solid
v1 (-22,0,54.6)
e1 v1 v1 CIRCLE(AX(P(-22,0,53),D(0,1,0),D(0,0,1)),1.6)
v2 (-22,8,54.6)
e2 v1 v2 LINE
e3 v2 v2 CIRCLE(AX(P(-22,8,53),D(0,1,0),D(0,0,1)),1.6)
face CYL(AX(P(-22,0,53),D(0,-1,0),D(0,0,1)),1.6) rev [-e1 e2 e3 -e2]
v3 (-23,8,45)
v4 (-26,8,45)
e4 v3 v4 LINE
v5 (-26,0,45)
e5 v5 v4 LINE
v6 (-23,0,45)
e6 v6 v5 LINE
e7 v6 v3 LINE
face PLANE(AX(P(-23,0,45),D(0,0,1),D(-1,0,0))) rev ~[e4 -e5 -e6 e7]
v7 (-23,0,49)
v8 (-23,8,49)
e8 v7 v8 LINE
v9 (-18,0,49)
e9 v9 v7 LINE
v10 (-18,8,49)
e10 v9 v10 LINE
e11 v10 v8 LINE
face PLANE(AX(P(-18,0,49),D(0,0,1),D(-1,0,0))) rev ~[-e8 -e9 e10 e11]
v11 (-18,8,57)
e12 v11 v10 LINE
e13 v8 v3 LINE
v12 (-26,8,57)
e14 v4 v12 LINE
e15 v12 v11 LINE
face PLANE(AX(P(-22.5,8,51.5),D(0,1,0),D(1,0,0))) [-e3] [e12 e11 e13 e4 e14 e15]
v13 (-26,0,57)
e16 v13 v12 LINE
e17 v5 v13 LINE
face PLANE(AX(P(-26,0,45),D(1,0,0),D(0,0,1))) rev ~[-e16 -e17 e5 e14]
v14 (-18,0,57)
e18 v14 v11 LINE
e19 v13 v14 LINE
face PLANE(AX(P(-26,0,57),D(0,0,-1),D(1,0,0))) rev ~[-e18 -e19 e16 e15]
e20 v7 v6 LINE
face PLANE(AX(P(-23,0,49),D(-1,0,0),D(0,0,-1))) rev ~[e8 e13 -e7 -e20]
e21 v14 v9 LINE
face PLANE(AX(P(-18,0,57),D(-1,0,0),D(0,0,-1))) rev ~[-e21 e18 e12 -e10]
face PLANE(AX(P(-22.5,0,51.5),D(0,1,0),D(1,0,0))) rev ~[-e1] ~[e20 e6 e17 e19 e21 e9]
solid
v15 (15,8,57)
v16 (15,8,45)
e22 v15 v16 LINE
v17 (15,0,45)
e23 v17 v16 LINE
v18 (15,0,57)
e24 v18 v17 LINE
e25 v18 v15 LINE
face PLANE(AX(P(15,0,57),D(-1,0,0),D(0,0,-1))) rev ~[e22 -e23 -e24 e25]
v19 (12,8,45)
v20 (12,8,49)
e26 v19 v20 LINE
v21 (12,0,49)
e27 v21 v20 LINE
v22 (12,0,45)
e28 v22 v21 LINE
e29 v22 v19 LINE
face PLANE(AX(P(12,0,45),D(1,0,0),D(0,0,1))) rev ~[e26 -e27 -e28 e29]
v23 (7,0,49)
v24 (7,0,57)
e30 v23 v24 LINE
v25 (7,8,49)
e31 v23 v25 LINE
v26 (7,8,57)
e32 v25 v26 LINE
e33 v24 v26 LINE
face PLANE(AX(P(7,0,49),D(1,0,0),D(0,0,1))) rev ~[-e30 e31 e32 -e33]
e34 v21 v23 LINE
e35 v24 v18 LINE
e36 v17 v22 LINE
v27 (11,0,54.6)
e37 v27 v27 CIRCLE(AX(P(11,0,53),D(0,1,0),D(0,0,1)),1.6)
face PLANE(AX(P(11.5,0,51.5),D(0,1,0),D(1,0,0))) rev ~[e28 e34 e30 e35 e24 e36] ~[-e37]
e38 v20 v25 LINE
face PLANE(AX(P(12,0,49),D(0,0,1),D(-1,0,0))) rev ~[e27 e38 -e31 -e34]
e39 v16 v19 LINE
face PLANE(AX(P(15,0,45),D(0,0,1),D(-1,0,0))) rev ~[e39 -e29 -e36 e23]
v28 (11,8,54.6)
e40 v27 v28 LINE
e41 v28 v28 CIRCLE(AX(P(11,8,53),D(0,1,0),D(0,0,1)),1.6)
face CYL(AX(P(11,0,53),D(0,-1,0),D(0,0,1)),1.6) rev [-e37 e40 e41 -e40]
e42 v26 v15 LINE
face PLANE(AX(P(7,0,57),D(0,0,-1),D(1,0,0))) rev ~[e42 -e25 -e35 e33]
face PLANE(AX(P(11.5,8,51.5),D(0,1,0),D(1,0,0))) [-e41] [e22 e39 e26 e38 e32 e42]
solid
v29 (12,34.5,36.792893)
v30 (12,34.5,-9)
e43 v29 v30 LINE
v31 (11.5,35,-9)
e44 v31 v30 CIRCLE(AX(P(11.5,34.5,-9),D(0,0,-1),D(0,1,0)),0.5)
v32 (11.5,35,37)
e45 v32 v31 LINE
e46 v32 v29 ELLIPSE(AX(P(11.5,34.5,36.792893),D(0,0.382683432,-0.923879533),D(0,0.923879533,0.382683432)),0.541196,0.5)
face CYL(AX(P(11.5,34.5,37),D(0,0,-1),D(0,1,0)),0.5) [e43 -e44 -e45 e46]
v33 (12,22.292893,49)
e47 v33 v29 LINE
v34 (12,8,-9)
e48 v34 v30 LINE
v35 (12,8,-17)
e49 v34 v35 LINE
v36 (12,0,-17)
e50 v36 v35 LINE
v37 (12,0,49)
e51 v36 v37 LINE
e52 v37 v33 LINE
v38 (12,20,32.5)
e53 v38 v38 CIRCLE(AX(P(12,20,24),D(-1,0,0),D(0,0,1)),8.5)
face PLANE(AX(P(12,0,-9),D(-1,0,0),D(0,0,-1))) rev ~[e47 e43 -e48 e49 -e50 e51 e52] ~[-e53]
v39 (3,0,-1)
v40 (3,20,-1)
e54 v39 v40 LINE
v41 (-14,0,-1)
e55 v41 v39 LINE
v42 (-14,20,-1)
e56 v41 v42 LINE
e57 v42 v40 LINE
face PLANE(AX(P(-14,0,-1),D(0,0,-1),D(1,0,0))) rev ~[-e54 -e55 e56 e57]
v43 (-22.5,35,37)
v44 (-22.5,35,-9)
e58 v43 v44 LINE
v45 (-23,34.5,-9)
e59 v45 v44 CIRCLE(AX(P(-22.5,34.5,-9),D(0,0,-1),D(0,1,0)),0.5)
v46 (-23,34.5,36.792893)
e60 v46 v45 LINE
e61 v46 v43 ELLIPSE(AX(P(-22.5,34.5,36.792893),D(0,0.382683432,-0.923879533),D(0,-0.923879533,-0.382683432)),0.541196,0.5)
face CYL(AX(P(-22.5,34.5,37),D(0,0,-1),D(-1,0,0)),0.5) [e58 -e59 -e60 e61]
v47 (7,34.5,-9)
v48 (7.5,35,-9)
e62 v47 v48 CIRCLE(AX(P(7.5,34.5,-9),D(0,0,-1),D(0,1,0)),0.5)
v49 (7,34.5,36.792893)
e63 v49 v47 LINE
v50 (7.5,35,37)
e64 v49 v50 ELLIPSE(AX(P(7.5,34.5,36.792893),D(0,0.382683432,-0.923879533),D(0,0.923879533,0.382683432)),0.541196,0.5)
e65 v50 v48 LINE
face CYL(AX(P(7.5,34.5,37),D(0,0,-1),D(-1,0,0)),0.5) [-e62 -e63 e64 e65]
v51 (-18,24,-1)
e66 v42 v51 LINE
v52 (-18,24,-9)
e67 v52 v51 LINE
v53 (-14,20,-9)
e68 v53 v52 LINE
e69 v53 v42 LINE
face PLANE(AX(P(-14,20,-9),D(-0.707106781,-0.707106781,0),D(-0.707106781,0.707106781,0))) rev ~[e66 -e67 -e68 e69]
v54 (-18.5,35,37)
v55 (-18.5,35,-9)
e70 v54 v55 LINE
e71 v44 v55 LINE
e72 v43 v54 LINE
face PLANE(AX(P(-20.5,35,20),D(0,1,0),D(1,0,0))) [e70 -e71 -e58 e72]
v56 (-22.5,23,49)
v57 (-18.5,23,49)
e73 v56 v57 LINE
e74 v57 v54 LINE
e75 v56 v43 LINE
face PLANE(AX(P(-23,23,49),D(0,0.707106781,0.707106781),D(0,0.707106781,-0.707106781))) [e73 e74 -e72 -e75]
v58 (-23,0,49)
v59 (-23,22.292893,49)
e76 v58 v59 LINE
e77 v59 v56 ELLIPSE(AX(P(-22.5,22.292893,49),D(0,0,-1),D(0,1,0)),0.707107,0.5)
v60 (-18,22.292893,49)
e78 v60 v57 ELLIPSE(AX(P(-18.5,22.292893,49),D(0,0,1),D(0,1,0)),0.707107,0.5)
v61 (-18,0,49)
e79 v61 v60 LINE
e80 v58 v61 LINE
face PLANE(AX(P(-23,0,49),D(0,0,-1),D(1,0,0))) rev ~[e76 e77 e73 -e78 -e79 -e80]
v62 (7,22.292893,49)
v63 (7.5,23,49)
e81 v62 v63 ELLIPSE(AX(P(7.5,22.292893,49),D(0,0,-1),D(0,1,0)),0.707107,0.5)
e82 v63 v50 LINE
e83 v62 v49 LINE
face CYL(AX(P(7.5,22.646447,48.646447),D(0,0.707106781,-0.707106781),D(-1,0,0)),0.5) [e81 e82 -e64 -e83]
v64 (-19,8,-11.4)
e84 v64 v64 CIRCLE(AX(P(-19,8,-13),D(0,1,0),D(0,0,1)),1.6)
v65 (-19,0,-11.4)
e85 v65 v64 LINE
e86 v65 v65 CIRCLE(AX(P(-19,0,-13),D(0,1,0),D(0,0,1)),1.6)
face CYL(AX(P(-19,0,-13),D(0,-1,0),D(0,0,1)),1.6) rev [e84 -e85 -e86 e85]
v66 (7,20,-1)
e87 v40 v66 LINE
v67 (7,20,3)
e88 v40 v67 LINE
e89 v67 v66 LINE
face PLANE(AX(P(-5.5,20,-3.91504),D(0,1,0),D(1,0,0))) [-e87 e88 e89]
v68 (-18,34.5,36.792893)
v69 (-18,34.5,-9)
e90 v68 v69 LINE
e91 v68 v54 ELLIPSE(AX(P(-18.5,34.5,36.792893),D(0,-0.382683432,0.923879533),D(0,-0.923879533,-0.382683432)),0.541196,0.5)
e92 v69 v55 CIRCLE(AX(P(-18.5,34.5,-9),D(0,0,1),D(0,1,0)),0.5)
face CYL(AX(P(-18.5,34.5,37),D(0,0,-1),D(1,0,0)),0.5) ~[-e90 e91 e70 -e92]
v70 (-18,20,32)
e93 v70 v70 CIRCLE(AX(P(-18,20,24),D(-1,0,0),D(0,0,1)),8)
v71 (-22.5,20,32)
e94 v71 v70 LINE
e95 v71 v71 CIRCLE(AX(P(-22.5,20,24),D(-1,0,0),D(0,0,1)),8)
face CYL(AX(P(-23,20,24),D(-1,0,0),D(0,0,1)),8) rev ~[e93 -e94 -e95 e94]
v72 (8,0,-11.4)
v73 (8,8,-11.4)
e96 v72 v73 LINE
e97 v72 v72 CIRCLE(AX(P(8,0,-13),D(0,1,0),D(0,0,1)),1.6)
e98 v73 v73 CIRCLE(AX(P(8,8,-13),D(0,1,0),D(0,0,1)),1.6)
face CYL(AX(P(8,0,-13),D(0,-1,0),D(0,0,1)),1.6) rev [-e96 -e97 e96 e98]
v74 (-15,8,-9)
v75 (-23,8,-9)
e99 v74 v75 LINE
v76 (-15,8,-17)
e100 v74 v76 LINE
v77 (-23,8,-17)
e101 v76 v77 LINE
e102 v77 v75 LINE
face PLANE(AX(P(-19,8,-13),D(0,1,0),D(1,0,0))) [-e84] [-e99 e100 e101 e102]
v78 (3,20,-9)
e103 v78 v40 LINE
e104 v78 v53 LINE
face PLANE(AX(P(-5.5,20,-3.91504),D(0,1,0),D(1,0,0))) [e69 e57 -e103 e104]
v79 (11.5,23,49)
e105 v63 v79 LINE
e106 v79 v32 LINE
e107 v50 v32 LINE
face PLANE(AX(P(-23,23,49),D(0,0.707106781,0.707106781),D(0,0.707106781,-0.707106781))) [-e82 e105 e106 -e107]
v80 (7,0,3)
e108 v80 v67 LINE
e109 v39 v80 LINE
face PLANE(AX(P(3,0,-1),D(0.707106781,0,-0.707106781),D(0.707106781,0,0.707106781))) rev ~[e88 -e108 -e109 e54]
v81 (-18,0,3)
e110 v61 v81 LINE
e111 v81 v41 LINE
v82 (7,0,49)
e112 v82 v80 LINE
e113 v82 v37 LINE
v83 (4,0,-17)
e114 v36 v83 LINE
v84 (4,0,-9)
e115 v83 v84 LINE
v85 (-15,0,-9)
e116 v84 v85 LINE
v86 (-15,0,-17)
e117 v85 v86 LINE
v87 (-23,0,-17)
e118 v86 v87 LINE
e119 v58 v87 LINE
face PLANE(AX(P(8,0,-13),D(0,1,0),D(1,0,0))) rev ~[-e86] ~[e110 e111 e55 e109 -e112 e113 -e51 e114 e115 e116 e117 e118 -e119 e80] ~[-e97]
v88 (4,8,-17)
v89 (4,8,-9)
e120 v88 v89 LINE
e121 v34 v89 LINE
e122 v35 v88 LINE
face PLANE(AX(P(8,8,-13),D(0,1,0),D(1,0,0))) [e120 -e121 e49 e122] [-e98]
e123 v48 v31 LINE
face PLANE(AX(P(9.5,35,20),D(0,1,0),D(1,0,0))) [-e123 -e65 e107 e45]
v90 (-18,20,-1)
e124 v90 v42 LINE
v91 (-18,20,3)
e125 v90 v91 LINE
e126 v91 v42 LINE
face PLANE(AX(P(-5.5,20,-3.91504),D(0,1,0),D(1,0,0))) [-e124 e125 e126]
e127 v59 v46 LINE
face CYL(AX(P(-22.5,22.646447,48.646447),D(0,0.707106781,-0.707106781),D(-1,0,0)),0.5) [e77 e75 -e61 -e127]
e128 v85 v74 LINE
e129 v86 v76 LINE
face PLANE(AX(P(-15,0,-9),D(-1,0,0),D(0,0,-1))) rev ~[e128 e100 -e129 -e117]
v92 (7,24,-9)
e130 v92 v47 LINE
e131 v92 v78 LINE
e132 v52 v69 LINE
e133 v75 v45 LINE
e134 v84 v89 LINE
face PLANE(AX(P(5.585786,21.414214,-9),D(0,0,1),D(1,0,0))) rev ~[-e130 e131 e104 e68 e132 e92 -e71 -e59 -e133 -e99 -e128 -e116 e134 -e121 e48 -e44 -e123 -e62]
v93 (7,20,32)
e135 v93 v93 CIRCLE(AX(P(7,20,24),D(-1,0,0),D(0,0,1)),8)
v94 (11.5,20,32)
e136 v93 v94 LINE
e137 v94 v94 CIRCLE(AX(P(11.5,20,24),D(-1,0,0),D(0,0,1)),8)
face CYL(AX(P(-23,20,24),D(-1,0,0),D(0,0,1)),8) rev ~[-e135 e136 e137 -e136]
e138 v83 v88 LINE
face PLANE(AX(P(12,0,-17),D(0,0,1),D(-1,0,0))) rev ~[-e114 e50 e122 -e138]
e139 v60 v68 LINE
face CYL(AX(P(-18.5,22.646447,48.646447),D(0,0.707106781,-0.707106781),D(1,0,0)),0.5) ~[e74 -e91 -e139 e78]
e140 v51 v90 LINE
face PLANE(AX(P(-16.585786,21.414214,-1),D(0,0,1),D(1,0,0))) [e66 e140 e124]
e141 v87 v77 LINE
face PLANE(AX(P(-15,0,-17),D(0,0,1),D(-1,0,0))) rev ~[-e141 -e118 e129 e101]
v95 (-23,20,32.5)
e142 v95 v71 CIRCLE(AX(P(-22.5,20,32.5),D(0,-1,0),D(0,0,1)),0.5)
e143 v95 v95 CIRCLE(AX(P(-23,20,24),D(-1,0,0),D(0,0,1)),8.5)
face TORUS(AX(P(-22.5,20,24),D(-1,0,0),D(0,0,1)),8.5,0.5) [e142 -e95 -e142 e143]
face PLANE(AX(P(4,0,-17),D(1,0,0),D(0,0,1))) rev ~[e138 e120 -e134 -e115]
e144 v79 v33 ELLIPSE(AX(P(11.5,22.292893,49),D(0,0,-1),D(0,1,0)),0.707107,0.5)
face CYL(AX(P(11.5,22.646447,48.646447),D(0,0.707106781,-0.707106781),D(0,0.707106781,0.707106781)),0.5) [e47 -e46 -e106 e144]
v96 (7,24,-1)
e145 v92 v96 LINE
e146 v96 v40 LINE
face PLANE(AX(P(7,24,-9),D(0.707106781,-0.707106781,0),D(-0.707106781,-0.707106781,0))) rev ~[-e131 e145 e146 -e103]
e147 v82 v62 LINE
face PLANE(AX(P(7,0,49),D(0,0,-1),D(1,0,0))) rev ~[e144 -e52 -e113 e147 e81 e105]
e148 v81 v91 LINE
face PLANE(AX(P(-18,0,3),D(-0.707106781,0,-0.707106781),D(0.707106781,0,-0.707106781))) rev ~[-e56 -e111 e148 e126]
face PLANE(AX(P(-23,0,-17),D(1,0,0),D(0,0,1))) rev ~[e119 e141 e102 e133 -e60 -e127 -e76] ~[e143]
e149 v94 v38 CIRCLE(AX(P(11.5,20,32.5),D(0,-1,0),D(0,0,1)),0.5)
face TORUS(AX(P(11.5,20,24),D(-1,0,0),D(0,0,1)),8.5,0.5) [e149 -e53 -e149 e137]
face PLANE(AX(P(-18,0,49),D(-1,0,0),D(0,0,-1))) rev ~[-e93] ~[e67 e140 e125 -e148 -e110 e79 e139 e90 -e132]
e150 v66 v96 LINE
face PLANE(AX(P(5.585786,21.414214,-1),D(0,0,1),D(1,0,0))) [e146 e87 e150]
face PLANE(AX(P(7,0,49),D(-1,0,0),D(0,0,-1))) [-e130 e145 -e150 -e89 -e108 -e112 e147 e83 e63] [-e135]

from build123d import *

# Parameters (mm, degrees)
ESQUISSE1_W             = 5
ESQUISSE1_H             = 58
BOSS_EXTRU_1_DEPTH      = 35
BOSS_EXTRU_1_2_DEPTH    = 35
BOSS_EXTRU_6_DEPTH      = 20
ESQUISSE1_6_W           = 8
ESQUISSE1_6_H           = 8
ESQUISSE1_6_R           = 1.6
BOSS_EXTRU_7_DEPTH      = 8
ESQUISSE1_8_R           = 1.6
BOSS_EXTRU_8_DEPTH      = 8
BOSS_EXTRU_8_2_DEPTH    = 8
ENL_V_MAT_EXTRU_3_DEPTH = 40
ESQUISSE6_R             = 8
ENL_V_MAT_EXTRU_4_DEPTH = 40
BOSS_EXTRU_9_DEPTH      = 8
CONG_1_R                = 0.5


with BuildPart() as part:
    # Esquisse1 → Boss.-Extru.1 (new body)
    with BuildSketch(Plane(origin=(0, 0, 0), x_dir=(1, 0, 0), z_dir=(0, 1, 0))):
        with Locations((-20.5, -20)):
            Rectangle(ESQUISSE1_W, ESQUISSE1_H)
    extrude(amount=BOSS_EXTRU_1_DEPTH)


with BuildPart() as body_2:
    # Esquisse1 → Boss.-Extru.1 2 (new body)
    with BuildSketch(Plane(origin=(0, 0, 0), x_dir=(1, 0, 0), z_dir=(0, 1, 0))):
        with Locations((9.5, -20)):
            Rectangle(ESQUISSE1_W, ESQUISSE1_H)
    extrude(amount=BOSS_EXTRU_1_2_DEPTH)


with BuildPart() as body_3:
    # Esquisse1<5> → Boss.-Extru.6 (new body)
    with BuildSketch(Plane(origin=(0, 0, 0), x_dir=(1, 0, 0), z_dir=(0, 1, 0))):
        Polygon((-18, 9), (-18, -3), (-14, 1), (3, 1), (7, -3), (7, 9), (4, 9), (-15, 9), align=None)
    extrude(amount=BOSS_EXTRU_6_DEPTH)

    # Esquisse1<6> → Boss.-Extru.7 (add)
    # profile 1 of 2: a face of its own
    with BuildSketch(Plane(origin=(0, 0, 0), x_dir=(1, 0, 0), z_dir=(0, 1, 0))):
        with Locations((-19, 13)):
            Rectangle(ESQUISSE1_6_W, ESQUISSE1_6_H)
        with Locations((-19, 13)):
            Circle(ESQUISSE1_6_R, mode=Mode.SUBTRACT)
    # profile 2 of 2: a face of its own
    with BuildSketch(Plane(origin=(0, 0, 0), x_dir=(1, 0, 0), z_dir=(0, 1, 0))):
        with Locations((8, 13)):
            Rectangle(ESQUISSE1_6_W, ESQUISSE1_6_H)
        with Locations((8, 13)):
            Circle(ESQUISSE1_6_R, mode=Mode.SUBTRACT)
    extrude(amount=BOSS_EXTRU_7_DEPTH)


with BuildPart() as body_4:
    # Esquisse1<8> → Boss.-Extru.8 (new body)
    with BuildSketch(Plane(origin=(0, 0, 0), x_dir=(1, 0, 0), z_dir=(0, 1, 0))):
        Polygon((-18, -57), (-18, -49), (-23, -49), (-23, -45), (-26, -45), (-26, -57), align=None)
        with Locations((-22, -53)):
            Circle(ESQUISSE1_8_R, mode=Mode.SUBTRACT)
    extrude(amount=BOSS_EXTRU_8_DEPTH)


with BuildPart() as body_5:
    # Esquisse1<8> → Boss.-Extru.8 2 (new body)
    with BuildSketch(Plane(origin=(0, 0, 0), x_dir=(1, 0, 0), z_dir=(0, 1, 0))):
        Polygon((12, -49), (7, -49), (7, -57), (15, -57), (15, -45), (12, -45), align=None)
        with Locations((11, -53)):
            Circle(ESQUISSE1_8_R, mode=Mode.SUBTRACT)
    extrude(amount=BOSS_EXTRU_8_2_DEPTH)


with BuildPart() as enl_v_mat_extru_3_tool:
    # Esquisse7 → Enlèv. mat.-Extru.3 (new body)
    with BuildSketch(Plane.ZY.offset(23)):
        Polygon((49, 35), (49, 23), (37, 35), align=None)
    extrude(amount=-ENL_V_MAT_EXTRU_3_DEPTH)


with BuildPart() as part_1:
    add(part.part)

    # Enlèv. mat.-Extru.3: cut by enl_v_mat_extru_3_tool
    add(enl_v_mat_extru_3_tool.part, mode=Mode.SUBTRACT)


with BuildPart() as body_2_1:
    add(body_2.part)

    # Enlèv. mat.-Extru.3: cut by enl_v_mat_extru_3_tool
    add(enl_v_mat_extru_3_tool.part, mode=Mode.SUBTRACT)


with BuildPart() as enl_v_mat_extru_4_tool:
    # Esquisse6 → Enlèv. mat.-Extru.4 (new body)
    with BuildSketch(Plane.ZY.offset(23)):
        with Locations((24, 20)):
            Circle(ESQUISSE6_R)
    extrude(amount=-ENL_V_MAT_EXTRU_4_DEPTH)


with BuildPart() as part_2:
    add(part_1.part)

    # Enlèv. mat.-Extru.4: cut by enl_v_mat_extru_4_tool
    add(enl_v_mat_extru_4_tool.part, mode=Mode.SUBTRACT)



with BuildPart() as body_2_2:
    add(body_2_1.part)

    # Enlèv. mat.-Extru.4: cut by enl_v_mat_extru_4_tool
    add(enl_v_mat_extru_4_tool.part, mode=Mode.SUBTRACT)


with BuildPart() as part_3:
    add(part_2.part)

    add(body_2_2.part)  # Boss.-Extru.9 merges body 2

    add(body_3.part)  # Boss.-Extru.9 merges body 3
    # Esquisse10 → Boss.-Extru.9 (add)
    with BuildSketch(Plane(origin=(0, 0, -9), x_dir=(-1, 0, 0), z_dir=(0, 0, -1))):
        Polygon((-7, 20), (-7, 24), (-3, 20), align=None)
        Polygon((18, 20), (14, 20), (18, 24), align=None)
    extrude(amount=-BOSS_EXTRU_9_DEPTH)

    # Congé1
    cong_1_edges = [part_3.edges().sort_by_distance(p)[0] for p in [
        (12, 20, 16),
        (-23, 20, 16),
        (-23, 29, 43),
        (-18, 29, 43),
        (7, 29, 43),
        (12, 29, 43),
        (-23, 35, 14),
        (-18, 35, 14),
        (7, 35, 14),
        (12, 35, 14),
    ]]
    fillet(cong_1_edges, radius=CONG_1_R)


solid = Compound([body_4.part, body_5.part, part_3.part])
